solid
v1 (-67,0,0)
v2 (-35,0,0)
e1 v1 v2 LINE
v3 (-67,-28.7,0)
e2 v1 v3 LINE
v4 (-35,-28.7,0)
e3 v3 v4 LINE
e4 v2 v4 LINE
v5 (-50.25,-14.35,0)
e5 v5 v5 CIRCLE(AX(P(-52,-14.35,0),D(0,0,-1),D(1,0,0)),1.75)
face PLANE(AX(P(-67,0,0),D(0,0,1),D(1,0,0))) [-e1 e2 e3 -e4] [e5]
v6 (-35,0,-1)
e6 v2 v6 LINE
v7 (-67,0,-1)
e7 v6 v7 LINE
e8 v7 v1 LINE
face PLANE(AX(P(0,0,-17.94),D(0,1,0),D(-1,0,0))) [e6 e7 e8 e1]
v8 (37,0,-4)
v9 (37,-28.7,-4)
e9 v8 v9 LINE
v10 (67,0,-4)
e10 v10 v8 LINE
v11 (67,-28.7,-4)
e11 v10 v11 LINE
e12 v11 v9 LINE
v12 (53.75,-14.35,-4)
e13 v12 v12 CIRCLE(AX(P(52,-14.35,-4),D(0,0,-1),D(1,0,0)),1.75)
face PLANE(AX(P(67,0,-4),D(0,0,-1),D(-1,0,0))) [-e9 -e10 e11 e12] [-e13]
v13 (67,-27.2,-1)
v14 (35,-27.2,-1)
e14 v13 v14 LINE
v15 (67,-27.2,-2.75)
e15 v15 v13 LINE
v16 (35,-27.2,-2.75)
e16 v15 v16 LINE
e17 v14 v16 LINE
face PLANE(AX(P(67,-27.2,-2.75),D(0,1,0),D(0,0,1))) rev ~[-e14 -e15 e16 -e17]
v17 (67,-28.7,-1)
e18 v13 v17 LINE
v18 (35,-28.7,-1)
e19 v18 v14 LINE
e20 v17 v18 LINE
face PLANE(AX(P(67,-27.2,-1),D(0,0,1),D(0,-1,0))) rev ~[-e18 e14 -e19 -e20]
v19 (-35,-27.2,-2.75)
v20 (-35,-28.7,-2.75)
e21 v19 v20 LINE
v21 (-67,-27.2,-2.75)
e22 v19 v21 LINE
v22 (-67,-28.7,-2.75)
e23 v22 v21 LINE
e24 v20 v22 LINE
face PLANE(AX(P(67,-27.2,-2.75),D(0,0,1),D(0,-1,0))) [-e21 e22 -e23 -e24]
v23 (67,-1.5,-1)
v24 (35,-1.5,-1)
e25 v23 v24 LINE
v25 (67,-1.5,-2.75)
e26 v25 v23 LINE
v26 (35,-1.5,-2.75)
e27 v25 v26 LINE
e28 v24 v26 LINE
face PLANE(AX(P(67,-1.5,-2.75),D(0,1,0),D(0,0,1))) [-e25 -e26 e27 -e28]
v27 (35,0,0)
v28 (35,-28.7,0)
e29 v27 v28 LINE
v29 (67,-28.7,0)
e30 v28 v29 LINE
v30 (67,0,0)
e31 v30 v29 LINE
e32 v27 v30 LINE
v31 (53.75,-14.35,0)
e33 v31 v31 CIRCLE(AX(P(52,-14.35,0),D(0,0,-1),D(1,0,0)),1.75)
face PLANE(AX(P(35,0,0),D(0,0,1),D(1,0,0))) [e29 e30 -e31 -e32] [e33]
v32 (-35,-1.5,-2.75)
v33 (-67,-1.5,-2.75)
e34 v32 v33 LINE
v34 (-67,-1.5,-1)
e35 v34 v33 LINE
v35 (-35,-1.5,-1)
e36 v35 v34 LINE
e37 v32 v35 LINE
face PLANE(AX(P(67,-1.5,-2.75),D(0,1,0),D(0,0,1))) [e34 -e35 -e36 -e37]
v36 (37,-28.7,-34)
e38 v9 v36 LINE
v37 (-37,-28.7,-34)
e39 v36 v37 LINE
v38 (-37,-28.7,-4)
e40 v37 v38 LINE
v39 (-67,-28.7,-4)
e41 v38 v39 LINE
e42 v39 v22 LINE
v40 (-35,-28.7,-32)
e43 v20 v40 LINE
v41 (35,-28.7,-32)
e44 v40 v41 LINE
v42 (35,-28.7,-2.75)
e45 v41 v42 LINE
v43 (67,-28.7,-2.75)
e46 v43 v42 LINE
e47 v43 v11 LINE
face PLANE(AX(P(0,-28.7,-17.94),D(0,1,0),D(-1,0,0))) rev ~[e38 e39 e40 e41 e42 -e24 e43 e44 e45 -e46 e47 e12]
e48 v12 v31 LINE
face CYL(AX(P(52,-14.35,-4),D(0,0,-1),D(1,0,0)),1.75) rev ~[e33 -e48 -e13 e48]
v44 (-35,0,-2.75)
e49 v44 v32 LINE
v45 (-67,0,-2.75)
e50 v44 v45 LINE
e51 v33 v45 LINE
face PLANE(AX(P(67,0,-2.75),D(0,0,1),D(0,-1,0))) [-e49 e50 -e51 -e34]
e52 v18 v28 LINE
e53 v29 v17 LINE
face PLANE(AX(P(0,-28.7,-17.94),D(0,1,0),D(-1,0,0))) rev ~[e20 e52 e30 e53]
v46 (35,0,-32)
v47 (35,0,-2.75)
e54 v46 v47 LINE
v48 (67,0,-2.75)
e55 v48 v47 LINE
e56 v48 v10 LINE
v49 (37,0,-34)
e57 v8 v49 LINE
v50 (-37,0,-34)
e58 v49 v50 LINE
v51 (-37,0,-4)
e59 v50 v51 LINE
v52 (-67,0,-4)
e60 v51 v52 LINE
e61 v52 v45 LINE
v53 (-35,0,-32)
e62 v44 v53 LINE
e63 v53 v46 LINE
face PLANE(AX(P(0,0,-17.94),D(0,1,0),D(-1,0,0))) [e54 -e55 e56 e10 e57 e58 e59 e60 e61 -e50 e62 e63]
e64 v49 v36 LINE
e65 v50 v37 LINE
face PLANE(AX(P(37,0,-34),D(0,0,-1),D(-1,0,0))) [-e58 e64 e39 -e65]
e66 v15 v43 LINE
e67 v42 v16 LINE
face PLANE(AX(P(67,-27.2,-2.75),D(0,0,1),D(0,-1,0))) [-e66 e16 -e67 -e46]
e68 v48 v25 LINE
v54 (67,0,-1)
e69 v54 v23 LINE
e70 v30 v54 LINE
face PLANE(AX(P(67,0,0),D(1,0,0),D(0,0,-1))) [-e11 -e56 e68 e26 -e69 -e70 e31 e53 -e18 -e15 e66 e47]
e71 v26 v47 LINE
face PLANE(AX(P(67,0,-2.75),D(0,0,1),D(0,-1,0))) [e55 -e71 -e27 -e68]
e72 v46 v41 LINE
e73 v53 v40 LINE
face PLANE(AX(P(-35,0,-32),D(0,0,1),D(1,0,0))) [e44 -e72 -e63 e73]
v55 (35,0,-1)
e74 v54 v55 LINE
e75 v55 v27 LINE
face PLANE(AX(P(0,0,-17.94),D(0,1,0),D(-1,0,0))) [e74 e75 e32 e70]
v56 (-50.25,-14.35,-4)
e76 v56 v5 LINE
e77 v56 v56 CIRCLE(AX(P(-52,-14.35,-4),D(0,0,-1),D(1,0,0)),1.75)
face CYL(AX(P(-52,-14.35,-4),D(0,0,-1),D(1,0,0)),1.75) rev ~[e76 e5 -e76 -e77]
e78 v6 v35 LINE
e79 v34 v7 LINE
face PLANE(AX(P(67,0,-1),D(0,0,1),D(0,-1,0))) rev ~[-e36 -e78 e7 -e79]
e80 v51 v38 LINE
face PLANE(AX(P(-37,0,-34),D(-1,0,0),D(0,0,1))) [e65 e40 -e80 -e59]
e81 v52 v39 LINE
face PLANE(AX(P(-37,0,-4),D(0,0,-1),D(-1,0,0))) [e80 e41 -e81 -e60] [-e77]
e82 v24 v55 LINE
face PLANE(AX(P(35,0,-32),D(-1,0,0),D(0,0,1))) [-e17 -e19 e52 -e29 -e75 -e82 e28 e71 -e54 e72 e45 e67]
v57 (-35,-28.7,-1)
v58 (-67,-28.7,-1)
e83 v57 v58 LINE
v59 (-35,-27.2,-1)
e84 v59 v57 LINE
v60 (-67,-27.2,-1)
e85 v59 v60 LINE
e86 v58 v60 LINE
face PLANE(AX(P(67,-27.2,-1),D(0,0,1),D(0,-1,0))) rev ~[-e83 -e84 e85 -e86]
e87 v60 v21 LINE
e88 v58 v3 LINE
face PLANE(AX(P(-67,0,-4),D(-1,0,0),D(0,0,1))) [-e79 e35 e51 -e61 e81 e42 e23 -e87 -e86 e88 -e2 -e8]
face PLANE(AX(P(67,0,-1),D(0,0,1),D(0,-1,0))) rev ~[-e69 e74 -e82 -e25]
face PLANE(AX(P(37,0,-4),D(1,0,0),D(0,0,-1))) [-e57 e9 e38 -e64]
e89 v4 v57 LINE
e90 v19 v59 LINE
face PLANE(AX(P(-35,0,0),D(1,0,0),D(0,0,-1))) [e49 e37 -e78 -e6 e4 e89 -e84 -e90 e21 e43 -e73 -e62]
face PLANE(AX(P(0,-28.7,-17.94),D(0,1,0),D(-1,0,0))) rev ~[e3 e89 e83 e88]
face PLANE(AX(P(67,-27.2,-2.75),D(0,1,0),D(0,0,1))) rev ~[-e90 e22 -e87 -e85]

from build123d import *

# Parameters (mm, degrees)
PAD_DEPTH       = 28.7
SKETCH001_R     = 1.75
POCKET_DEPTH    = 4.001
SKETCH002_W     = 1.75
SKETCH002_H     = 1.5
POCKET001_DEPTH = 134.001


with BuildPart() as part:
    # Sketch → Pad (new body)
    with BuildSketch(Plane.XZ):
        Polygon((-67, 0), (-35, 0), (-35, -32), (35, -32), (35, 0), (67, 0), (67, -4), (37, -4), (37, -34), (-37, -34), (-37, -4), (-67, -4), align=None)
    extrude(amount=PAD_DEPTH)

    # Sketch001 (on Face7 of Pad) → Pocket (cut, through all)
    with BuildSketch(Plane(origin=(0, 0, -4), x_dir=(1, 0, 0), z_dir=(0, 0, -1))):
        with Locations((-52, 14.35)):
            Circle(SKETCH001_R)
        with Locations((52, 14.35)):
            Circle(SKETCH001_R)
    extrude(amount=-POCKET_DEPTH, mode=Mode.SUBTRACT)

    # Sketch002 (on Face11 of Pocket) → Pocket001 (cut, through all)
    with BuildSketch(Plane(origin=(67, 0, 0), x_dir=(0, 0, 1), z_dir=(1, 0, 0))):
        with Locations((-1.875, 27.95)):
            Rectangle(SKETCH002_W, SKETCH002_H)
        with Locations((-1.875, 0.75)):
            Rectangle(SKETCH002_W, SKETCH002_H)
    extrude(amount=-POCKET001_DEPTH, mode=Mode.SUBTRACT)


solid = part.part
